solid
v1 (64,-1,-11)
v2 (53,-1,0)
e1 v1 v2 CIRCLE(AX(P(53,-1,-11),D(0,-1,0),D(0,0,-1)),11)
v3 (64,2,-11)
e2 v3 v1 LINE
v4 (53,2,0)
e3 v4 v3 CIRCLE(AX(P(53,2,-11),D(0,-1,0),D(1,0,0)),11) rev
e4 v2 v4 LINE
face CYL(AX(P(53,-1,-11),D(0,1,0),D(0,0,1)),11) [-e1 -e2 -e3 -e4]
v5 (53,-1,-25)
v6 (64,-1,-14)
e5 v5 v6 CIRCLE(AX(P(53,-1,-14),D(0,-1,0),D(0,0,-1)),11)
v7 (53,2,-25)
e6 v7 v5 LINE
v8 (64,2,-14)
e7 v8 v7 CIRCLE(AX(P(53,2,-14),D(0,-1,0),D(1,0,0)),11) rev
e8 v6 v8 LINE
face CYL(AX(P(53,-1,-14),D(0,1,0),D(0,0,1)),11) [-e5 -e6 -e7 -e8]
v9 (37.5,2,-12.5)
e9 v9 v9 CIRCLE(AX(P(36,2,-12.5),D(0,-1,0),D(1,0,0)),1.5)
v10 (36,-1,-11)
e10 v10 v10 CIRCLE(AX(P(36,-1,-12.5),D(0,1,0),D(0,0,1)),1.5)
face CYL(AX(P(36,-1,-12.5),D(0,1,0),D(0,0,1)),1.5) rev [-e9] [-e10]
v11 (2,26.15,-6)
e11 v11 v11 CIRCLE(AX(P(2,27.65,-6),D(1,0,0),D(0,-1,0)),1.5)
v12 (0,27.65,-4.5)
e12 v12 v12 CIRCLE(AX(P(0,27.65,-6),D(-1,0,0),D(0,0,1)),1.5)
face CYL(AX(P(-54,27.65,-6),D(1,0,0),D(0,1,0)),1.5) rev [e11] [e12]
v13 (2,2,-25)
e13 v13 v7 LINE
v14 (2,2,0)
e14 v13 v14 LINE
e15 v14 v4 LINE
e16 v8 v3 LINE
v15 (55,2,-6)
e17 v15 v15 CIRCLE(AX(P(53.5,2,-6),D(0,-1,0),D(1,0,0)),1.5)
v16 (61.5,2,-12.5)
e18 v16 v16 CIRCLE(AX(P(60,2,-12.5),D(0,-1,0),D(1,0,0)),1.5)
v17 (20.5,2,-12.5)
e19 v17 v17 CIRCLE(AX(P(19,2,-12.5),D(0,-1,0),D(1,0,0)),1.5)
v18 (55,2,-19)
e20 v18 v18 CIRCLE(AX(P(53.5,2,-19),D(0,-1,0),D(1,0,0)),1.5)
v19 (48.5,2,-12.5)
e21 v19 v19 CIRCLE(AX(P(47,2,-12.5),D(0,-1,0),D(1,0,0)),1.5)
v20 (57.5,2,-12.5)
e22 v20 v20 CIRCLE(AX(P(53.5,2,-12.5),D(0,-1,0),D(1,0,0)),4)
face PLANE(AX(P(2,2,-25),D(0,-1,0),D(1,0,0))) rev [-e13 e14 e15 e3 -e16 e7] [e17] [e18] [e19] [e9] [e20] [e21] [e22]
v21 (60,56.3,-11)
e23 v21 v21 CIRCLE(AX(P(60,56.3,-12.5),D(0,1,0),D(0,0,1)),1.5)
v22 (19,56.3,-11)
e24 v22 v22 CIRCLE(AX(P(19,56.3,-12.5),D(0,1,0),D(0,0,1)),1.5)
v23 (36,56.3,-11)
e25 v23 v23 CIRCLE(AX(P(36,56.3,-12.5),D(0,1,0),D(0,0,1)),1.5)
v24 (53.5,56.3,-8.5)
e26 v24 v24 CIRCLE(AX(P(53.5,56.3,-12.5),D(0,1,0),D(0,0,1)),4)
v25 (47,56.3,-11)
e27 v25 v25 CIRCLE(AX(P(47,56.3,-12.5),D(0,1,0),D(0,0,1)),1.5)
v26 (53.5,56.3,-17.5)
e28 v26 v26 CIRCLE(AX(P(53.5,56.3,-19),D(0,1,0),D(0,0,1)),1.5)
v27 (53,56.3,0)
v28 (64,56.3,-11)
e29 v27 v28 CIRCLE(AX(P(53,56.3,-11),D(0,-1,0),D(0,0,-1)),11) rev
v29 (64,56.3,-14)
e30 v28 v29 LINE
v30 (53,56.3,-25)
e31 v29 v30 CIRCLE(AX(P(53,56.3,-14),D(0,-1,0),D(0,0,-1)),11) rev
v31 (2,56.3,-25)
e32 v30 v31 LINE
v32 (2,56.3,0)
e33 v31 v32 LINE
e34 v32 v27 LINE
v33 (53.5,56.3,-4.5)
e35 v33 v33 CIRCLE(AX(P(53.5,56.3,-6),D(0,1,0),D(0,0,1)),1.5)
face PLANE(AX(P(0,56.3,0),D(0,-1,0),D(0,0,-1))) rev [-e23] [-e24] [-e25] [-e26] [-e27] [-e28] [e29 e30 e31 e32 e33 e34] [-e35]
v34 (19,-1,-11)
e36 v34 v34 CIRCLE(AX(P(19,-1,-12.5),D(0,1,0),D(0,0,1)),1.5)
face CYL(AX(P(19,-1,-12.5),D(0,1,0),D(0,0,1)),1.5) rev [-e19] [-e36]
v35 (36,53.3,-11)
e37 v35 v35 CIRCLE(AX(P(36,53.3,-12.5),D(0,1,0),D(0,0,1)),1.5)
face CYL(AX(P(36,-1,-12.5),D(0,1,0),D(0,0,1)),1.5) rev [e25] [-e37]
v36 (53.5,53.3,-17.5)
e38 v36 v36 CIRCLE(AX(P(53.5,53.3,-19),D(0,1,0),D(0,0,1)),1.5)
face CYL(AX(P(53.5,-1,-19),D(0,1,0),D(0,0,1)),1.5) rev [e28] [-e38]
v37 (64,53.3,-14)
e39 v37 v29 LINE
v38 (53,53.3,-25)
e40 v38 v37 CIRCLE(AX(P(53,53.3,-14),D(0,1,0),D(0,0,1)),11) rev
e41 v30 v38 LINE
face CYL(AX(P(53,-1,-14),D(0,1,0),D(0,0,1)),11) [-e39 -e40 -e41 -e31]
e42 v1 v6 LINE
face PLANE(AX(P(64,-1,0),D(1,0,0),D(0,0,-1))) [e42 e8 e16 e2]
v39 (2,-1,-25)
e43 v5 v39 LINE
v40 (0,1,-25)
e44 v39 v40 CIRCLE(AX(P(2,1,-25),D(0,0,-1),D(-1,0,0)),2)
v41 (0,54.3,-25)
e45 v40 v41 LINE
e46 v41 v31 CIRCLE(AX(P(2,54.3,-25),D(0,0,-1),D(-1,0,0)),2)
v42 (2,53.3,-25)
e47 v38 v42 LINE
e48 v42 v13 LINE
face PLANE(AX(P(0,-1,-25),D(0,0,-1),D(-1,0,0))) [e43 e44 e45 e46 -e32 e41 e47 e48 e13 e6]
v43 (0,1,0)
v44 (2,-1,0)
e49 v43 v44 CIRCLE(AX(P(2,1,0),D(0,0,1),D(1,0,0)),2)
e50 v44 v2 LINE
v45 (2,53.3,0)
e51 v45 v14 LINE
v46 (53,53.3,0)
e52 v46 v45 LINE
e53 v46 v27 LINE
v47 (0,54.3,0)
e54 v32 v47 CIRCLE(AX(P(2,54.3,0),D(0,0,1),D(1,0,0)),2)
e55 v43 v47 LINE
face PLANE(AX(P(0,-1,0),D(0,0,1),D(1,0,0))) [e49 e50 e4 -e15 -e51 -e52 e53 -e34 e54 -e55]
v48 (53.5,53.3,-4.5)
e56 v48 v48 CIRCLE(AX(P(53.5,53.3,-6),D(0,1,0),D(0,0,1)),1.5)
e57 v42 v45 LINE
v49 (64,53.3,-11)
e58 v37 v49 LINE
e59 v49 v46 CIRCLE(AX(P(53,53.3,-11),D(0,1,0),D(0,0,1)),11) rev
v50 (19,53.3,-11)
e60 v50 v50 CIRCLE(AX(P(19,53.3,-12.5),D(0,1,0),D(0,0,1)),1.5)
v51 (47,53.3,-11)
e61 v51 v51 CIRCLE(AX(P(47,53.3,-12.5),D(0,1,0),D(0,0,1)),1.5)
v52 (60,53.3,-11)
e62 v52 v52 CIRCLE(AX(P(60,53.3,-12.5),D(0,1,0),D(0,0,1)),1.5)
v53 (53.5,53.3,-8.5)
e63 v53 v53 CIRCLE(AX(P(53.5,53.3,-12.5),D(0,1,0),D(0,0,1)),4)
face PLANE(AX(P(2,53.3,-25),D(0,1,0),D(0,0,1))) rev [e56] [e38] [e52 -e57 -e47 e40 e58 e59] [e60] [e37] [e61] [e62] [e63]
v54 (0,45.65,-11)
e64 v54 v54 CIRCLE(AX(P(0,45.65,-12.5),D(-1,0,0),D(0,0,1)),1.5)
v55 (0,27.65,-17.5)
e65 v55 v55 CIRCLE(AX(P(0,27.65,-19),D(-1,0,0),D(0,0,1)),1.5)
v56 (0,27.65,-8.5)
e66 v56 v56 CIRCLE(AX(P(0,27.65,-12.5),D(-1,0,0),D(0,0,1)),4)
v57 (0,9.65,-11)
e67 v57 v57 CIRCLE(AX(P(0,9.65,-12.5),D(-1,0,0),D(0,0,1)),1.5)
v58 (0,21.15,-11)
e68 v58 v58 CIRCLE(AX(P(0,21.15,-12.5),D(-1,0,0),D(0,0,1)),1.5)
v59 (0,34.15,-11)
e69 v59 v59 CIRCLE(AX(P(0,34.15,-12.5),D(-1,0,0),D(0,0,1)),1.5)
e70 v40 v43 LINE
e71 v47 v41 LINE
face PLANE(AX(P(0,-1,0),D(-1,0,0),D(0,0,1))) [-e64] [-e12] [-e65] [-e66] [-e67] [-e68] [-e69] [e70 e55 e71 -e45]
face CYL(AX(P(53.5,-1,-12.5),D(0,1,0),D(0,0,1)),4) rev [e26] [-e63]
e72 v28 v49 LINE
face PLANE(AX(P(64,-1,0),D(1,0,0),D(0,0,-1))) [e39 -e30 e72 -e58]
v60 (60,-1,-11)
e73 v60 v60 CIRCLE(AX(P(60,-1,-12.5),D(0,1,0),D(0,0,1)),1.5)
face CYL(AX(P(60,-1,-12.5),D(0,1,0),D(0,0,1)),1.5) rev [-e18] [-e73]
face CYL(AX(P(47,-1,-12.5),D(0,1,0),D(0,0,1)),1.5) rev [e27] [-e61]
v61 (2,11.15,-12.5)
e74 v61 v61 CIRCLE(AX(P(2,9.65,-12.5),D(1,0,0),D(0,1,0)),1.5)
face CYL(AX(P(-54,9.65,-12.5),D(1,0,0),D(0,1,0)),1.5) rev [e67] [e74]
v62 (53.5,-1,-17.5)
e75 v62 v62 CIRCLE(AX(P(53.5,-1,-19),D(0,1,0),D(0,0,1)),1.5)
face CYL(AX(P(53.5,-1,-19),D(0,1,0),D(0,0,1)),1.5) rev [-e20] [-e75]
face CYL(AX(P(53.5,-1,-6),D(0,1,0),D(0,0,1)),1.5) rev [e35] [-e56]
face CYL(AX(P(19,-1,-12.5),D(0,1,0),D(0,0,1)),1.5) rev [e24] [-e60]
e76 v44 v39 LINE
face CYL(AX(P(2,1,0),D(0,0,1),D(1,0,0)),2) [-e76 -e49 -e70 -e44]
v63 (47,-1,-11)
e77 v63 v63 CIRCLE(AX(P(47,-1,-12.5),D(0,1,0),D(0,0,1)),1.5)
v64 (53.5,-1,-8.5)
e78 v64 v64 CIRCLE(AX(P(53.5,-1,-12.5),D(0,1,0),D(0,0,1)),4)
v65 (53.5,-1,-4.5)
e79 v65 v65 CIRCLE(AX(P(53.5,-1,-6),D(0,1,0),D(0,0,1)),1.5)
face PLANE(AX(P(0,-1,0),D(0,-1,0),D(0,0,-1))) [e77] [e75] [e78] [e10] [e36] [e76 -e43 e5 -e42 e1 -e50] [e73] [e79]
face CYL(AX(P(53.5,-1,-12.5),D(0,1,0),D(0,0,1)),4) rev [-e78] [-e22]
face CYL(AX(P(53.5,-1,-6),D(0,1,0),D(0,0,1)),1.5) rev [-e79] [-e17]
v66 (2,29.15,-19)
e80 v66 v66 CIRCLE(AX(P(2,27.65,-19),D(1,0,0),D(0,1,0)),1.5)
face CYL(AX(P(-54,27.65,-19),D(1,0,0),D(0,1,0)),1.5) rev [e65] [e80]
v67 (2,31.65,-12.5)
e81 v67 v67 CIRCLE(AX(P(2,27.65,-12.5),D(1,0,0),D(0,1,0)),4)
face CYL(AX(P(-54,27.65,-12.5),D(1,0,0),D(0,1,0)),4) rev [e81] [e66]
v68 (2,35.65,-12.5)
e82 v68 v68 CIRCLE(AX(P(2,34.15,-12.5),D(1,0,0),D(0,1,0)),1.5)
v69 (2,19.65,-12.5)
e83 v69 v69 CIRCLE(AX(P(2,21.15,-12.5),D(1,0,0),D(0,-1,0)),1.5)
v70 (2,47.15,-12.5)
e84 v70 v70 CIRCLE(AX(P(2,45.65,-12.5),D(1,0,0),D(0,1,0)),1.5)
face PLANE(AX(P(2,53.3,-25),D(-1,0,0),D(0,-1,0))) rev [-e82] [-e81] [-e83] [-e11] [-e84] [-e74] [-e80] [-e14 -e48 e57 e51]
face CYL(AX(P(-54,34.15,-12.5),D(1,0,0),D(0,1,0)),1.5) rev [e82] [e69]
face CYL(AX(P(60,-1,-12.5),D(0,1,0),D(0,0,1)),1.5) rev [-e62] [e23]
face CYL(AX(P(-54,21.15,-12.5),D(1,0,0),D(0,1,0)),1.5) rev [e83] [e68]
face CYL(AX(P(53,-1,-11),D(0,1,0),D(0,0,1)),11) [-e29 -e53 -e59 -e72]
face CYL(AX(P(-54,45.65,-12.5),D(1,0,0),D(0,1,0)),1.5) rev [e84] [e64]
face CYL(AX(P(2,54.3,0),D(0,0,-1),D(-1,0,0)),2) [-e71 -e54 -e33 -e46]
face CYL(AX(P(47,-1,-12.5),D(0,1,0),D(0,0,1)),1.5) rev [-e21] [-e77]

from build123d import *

# Parameters (mm, degrees)
BOSS_EXTRUDE1_DEPTH      = 56.3
BOSS_EXTRUDE1_DEPTH_BACK = 1
SKETCH1_W                = 64
SKETCH1_H                = 25
SKETCH3_W                = 62
SKETCH3_H                = 51.3
CUT_EXTRUDE2_DEPTH       = 89.829555892
SKETCH4_R                = 4
SKETCH4_R_2              = 1.5
CUT_EXTRUDE3_DEPTH       = 56
SKETCH8_R                = 1.5
CUT_EXTRUDE4_DEPTH       = 56
FILLET1_R                = 2
SKETCH9_R                = 1.5
SKETCH9_R_2              = 4
CUT_EXTRUDE5_DEPTH       = 90.466697715
FILLET3_R                = 11
SKETCH10_R               = 1.5
CUT_EXTRUDE6_DEPTH       = 90.466697715


with BuildPart() as part:
    # Sketch1 → Boss-Extrude1 (new, two sides: drawn at the far end of the back side and taken through both)
    with BuildSketch(Plane(origin=(0, 0, 0), x_dir=(1, 0, 0), z_dir=(0, 1, 0)).offset(-BOSS_EXTRUDE1_DEPTH_BACK)):
        with Locations((32, 12.5)):
            Rectangle(SKETCH1_W, SKETCH1_H)
    extrude(amount=BOSS_EXTRUDE1_DEPTH + BOSS_EXTRUDE1_DEPTH_BACK)

    # Sketch3 → Cut-Extrude2 (cut, through all)
    with BuildSketch(Plane.XY):
        with Locations((33, 27.65)):
            Rectangle(SKETCH3_W, SKETCH3_H)
    extrude(amount=-CUT_EXTRUDE2_DEPTH, mode=Mode.SUBTRACT)

    # Sketch4 → Cut-Extrude3 (cut)
    with BuildSketch(Plane(origin=(2, 0, 0), x_dir=(0, 0, -1), z_dir=(1, 0, 0))):
        with Locations(Location((12.5, 27.65, 0), (0, 0, 90))):
            Circle(SKETCH4_R)
        with Locations(Location((19, 27.65, 0), (0, 0, 90))):
            Circle(SKETCH4_R_2)
        with Locations(Location((12.5, 34.15, 0), (0, 0, 90))):
            Circle(SKETCH4_R_2)
        with Locations(Location((6, 27.65, 0), (0, 0, 180))):
            Circle(SKETCH4_R_2)
        with Locations(Location((12.5, 21.15, 0), (0, 0, 180))):
            Circle(SKETCH4_R_2)
    extrude(amount=-CUT_EXTRUDE3_DEPTH, mode=Mode.SUBTRACT)

    # Sketch8 → Cut-Extrude4 (cut)
    with BuildSketch(Plane(origin=(2, 0, 0), x_dir=(0, 0, -1), z_dir=(1, 0, 0))):
        with Locations(Location((12.5, 45.65, 0), (0, 0, 90))):
            Circle(SKETCH8_R)
        with Locations(Location((12.5, 9.65, 0), (0, 0, 90))):
            Circle(SKETCH8_R)
    extrude(amount=-CUT_EXTRUDE4_DEPTH, mode=Mode.SUBTRACT)

    # Fillet1
    fillet1_edges = [part.edges().sort_by_distance(p)[0] for p in [
        (0, 56.3, -12.5),
        (0, -1, -12.5),
    ]]
    fillet(fillet1_edges, radius=FILLET1_R)

    # Sketch9 → Cut-Extrude5 (cut, through all)
    with BuildSketch(Plane(origin=(0, 56.3, 0), x_dir=(1, 0, 0), z_dir=(0, 1, 0))):
        with Locations(Location((60, 12.5, 0), (0, 0, 270))):
            Circle(SKETCH9_R)
        with Locations(Location((53.5, 12.5, 0), (0, 0, 270))):
            Circle(SKETCH9_R_2)
        with Locations(Location((53.5, 19, 0), (0, 0, 270))):
            Circle(SKETCH9_R)
        with Locations(Location((47, 12.5, 0), (0, 0, 270))):
            Circle(SKETCH9_R)
        with Locations(Location((53.5, 6, 0), (0, 0, 270))):
            Circle(SKETCH9_R)
    extrude(amount=-CUT_EXTRUDE5_DEPTH, mode=Mode.SUBTRACT)

    # Fillet3
    fillet3_edges = [part.edges().sort_by_distance(p)[0] for p in [
        (64, 54.8, 0),
        (64, 54.8, -25),
        (64, 0.5, -25),
        (64, 0.5, 0),
    ]]
    fillet(fillet3_edges, radius=FILLET3_R)

    # Sketch10 → Cut-Extrude6 (cut, through all)
    with BuildSketch(Plane(origin=(0, 56.3, 0), x_dir=(1, 0, 0), z_dir=(0, 1, 0))):
        with Locations(Location((36, 12.5, 0), (0, 0, 270))):
            Circle(SKETCH10_R)
        with Locations(Location((19, 12.5, 0), (0, 0, 270))):
            Circle(SKETCH10_R)
    extrude(amount=-CUT_EXTRUDE6_DEPTH, mode=Mode.SUBTRACT)


solid = part.part
